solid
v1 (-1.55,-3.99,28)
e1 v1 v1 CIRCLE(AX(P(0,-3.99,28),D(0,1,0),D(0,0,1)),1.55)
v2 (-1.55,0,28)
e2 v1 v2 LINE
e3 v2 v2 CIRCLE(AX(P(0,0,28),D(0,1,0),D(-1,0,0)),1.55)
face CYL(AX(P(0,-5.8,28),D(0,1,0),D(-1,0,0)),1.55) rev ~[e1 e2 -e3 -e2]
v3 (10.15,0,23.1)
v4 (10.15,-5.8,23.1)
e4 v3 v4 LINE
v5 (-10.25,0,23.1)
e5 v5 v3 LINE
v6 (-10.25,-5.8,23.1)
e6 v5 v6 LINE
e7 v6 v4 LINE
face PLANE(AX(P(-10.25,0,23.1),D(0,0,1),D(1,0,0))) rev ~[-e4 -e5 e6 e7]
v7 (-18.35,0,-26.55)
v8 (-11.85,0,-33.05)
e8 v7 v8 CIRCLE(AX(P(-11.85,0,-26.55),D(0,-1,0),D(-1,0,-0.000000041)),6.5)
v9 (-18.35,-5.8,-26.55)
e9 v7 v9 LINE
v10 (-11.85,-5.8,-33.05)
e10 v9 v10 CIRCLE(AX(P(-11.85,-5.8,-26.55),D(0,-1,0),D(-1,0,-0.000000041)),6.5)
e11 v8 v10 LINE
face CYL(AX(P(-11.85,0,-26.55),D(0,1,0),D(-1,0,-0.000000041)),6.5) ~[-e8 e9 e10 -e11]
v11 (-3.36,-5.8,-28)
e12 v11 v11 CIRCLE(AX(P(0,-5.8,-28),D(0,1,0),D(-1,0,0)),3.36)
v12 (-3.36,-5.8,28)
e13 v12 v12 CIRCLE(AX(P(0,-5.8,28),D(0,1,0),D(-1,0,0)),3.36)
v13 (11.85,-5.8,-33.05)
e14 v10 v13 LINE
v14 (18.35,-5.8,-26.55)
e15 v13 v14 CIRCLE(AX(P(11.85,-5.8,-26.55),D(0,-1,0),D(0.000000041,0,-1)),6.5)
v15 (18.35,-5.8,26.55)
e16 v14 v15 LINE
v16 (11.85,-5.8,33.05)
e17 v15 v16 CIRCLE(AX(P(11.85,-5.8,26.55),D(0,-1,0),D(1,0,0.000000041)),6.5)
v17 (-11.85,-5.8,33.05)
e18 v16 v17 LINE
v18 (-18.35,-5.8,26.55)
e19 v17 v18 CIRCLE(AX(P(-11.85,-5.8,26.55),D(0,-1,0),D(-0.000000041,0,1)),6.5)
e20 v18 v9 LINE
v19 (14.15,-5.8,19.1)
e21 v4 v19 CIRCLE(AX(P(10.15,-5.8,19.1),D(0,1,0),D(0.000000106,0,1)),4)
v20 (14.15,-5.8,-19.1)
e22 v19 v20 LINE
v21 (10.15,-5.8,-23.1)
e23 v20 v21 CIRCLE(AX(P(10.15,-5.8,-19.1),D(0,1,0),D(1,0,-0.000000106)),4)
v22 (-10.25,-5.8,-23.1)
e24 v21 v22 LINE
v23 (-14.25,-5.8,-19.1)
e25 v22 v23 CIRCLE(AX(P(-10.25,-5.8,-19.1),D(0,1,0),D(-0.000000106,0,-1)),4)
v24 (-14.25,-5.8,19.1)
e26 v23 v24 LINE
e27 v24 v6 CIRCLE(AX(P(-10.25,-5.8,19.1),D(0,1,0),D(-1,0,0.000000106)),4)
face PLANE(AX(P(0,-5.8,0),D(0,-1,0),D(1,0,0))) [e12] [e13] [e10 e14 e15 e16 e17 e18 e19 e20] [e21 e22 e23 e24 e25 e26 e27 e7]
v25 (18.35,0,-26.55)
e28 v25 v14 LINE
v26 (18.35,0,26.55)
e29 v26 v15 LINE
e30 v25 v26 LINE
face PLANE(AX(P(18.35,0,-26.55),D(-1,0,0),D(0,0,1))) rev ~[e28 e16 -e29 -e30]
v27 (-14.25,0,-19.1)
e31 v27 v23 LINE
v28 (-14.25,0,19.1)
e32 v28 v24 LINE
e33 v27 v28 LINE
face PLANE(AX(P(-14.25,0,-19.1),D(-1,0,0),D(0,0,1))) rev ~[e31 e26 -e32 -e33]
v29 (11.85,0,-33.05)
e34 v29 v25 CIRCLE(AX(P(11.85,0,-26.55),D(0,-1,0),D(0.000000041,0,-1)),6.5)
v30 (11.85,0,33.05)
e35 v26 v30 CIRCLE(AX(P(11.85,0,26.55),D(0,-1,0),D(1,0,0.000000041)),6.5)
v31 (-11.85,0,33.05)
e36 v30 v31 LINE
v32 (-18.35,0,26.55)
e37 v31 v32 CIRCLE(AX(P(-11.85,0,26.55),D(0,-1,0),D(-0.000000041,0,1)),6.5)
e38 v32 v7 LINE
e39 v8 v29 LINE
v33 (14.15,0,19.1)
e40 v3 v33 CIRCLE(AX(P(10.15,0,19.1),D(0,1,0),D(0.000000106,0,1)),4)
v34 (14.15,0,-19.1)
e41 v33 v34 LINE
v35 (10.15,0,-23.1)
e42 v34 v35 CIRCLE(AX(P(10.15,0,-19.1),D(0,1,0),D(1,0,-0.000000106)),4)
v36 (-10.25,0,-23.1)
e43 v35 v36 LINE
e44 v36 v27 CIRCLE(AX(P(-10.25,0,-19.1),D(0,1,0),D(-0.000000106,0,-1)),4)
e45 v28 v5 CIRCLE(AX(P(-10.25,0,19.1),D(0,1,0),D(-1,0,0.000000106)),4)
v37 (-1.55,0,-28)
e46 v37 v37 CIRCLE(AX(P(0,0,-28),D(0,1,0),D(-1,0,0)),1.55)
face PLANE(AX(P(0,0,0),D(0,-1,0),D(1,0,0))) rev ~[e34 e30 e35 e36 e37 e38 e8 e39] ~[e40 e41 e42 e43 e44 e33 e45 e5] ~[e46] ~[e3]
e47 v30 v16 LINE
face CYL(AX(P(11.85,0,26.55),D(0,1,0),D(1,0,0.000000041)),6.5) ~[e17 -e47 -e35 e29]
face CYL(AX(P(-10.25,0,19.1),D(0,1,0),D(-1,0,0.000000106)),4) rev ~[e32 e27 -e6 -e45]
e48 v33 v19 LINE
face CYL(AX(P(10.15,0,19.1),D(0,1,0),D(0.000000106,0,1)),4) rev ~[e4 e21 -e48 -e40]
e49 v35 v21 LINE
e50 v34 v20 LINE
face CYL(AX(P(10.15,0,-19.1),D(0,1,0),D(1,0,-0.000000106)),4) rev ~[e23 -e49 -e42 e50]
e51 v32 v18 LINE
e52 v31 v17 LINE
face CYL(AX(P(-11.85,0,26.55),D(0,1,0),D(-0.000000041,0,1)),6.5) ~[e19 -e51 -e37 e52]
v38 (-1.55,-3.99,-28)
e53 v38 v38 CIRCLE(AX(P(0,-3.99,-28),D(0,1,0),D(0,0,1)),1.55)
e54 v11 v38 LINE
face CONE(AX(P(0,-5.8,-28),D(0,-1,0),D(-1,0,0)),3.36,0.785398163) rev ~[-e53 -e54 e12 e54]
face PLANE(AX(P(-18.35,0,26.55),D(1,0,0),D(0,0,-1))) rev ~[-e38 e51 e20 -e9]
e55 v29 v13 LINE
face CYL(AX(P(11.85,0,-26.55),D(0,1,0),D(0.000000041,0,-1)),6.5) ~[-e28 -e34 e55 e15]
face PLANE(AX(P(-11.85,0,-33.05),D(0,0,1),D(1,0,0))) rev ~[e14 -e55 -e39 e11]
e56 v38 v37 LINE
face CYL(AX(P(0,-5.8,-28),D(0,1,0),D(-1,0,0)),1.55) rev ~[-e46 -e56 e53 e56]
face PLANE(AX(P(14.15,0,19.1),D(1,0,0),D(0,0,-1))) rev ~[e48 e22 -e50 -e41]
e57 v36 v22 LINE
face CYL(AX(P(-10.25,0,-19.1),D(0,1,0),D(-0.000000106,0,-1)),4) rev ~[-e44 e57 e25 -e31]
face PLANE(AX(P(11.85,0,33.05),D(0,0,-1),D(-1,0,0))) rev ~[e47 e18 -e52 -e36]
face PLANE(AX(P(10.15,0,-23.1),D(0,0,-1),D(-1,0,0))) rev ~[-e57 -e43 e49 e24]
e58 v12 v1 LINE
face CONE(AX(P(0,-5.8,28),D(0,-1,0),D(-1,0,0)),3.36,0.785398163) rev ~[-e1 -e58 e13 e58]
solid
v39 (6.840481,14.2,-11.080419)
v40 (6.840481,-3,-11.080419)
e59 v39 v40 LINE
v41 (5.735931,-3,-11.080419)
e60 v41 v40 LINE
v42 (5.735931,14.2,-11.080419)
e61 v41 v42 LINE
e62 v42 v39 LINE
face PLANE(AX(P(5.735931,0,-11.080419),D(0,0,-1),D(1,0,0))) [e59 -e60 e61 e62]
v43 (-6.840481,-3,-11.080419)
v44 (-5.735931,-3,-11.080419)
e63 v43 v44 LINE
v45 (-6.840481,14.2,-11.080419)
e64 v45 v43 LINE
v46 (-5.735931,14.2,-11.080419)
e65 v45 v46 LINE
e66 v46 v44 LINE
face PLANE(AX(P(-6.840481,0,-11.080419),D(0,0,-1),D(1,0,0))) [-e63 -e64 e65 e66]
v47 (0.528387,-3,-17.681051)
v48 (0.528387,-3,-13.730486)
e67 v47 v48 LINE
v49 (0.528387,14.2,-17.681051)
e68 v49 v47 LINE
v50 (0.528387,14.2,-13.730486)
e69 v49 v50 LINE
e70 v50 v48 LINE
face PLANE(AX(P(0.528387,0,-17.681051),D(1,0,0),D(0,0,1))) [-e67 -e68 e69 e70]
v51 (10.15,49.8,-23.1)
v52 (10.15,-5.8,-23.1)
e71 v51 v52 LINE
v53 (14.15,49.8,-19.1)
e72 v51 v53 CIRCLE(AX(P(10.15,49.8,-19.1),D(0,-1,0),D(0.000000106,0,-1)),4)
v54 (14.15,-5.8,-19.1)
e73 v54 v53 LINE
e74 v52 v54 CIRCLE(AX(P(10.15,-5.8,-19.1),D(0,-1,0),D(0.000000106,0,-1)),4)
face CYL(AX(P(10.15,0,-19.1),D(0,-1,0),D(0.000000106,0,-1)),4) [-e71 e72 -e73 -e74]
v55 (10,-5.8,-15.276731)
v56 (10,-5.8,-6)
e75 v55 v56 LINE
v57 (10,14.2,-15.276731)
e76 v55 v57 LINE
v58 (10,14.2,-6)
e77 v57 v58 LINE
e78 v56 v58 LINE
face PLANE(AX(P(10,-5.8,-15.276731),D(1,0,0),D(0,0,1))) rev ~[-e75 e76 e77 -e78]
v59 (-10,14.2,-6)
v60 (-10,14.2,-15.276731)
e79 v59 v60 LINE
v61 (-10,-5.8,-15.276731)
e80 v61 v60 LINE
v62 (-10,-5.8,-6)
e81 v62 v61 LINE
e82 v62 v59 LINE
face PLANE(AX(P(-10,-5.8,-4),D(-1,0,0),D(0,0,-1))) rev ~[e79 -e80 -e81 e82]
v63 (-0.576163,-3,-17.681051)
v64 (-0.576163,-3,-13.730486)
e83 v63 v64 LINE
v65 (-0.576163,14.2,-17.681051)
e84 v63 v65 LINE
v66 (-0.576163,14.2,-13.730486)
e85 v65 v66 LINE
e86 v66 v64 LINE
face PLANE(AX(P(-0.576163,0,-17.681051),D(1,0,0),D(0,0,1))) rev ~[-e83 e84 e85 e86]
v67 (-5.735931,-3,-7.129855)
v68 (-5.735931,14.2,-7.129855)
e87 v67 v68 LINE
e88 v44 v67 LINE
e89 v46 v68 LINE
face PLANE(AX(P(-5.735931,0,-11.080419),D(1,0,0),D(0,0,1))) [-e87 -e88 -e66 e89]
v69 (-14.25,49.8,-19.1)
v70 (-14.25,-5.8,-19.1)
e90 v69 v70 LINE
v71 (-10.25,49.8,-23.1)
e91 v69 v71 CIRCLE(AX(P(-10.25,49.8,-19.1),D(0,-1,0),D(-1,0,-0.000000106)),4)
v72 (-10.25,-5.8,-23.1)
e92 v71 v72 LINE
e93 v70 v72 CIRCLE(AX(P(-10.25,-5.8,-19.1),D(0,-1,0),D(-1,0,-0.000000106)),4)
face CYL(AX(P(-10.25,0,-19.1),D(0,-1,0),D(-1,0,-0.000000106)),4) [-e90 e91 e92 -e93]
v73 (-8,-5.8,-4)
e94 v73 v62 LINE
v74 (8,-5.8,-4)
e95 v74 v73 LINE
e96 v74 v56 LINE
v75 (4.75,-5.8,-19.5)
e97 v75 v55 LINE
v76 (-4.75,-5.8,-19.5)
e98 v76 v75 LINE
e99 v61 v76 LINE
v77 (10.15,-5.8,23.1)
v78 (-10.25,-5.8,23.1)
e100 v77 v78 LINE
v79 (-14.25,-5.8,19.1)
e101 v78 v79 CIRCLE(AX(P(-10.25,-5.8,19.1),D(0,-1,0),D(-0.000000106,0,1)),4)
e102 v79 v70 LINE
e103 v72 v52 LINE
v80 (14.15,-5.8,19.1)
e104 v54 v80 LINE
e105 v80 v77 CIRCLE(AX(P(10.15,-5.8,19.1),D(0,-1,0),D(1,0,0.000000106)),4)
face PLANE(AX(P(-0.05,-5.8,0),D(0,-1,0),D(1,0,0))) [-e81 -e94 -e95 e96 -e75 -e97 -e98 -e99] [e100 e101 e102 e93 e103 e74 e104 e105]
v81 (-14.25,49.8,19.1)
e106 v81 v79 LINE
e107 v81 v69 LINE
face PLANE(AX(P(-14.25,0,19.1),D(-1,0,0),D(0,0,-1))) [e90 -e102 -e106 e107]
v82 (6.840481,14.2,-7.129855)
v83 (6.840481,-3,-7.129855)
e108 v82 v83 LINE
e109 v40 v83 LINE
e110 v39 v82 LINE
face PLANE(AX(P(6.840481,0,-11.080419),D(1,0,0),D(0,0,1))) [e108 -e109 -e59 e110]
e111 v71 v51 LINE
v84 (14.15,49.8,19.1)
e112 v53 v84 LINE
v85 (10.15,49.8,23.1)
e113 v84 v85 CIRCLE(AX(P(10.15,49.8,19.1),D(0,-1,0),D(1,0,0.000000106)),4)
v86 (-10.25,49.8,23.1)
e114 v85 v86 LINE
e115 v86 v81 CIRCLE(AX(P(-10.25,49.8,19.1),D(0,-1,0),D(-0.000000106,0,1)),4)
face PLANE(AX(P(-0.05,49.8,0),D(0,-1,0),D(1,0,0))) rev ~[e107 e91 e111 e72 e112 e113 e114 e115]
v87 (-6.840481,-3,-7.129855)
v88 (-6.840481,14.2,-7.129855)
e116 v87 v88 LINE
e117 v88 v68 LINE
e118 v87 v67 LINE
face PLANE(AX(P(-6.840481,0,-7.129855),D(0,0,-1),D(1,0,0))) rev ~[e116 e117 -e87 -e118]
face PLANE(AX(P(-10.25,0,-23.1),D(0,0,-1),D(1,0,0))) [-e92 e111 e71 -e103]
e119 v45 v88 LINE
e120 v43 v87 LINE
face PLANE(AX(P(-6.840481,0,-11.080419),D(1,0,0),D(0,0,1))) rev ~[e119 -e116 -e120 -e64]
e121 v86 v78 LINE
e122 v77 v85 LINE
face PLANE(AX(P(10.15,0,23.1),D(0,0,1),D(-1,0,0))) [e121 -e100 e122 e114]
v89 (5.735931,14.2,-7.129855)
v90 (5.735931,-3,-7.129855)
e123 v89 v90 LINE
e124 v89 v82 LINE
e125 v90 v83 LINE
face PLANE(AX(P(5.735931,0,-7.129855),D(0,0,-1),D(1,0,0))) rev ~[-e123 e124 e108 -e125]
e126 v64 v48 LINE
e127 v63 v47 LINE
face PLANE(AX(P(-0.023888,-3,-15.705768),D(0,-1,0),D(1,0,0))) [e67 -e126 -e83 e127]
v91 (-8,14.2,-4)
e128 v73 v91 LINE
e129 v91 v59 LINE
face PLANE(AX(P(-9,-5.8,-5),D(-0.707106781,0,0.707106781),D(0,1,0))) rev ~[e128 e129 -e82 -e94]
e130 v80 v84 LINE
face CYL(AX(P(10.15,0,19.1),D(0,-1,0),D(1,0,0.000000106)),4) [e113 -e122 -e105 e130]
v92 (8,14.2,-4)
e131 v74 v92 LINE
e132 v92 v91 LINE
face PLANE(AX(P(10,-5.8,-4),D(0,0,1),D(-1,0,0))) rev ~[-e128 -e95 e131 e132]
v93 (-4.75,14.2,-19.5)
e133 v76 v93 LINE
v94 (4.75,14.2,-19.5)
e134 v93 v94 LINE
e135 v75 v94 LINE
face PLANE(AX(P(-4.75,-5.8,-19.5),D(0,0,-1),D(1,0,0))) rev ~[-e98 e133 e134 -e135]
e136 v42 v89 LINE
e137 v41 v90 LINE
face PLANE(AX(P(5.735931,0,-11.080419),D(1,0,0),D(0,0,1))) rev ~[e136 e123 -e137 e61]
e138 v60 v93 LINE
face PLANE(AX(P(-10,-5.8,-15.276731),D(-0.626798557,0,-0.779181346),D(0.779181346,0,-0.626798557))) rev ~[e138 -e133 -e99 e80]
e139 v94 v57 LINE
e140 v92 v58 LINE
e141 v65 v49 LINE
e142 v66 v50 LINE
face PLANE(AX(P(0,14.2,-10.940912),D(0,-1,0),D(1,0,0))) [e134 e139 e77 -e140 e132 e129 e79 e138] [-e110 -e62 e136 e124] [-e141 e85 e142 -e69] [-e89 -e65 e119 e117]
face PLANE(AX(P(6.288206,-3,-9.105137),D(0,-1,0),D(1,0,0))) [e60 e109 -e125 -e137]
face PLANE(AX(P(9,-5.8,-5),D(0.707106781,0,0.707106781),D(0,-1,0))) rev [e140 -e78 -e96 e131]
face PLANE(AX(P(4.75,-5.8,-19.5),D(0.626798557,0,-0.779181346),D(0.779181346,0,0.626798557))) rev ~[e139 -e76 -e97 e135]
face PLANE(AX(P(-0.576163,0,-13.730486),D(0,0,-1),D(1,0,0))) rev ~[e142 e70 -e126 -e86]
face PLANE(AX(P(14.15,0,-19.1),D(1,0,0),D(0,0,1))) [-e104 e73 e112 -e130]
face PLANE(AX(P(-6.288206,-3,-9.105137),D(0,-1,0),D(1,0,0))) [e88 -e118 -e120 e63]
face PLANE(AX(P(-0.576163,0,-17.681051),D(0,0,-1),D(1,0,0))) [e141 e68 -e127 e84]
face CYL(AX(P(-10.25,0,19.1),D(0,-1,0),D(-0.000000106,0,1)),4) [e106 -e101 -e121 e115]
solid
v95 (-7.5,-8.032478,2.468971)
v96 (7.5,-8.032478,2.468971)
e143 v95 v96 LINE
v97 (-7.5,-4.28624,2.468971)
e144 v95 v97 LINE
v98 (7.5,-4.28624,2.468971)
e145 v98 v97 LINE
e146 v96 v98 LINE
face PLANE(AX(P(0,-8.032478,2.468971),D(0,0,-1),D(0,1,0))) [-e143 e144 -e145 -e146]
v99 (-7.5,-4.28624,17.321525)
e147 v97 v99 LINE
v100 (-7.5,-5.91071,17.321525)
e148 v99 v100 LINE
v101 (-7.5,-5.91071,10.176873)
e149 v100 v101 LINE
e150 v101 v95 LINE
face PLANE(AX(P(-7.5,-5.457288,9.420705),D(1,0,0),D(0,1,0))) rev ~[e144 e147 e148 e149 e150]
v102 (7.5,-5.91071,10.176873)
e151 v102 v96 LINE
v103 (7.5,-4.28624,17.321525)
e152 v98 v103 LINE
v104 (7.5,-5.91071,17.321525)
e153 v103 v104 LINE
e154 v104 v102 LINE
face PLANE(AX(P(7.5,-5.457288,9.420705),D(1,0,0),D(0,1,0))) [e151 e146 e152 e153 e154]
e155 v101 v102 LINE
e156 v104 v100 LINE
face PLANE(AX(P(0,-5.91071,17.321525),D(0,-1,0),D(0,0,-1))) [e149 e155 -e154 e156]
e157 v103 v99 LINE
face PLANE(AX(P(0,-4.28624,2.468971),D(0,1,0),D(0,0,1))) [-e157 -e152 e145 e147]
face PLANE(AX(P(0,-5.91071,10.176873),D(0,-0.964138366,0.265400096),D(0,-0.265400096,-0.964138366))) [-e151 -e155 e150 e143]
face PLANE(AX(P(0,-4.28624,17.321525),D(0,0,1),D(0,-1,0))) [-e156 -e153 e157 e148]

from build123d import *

# Parameters (mm, degrees)
F1_DEPTH       = 5.8
F2_DEPTH       = 5.8
F2_DEPTH_BACK  = 49.8
F4_D           = 3.1
F4_CSINK_D     = 6.72
F4_CSINK_ANGLE = 90
F6_DEPTH       = 20
F7_SIZE        = 2
F8_W           = 1.10455
F8_H           = 3.950565
F9_DEPTH       = 3
F9_DEPTH_BACK  = 15
F11_DEPTH      = 7.5


with BuildPart() as f1:
    # F0 (on Front) → F1 (new body)
    with BuildSketch(Plane.XZ):
        with BuildLine():
            Line((-11.85, -33.05), (11.85, -33.05))
            ThreePointArc((11.85, -33.05), (16.446194, -31.146194), (18.35, -26.55))
            Line((18.35, -26.55), (18.35, 26.55))
            ThreePointArc((18.35, 26.55), (16.446194, 31.146194), (11.85, 33.05))
            Line((11.85, 33.05), (-11.85, 33.05))
            ThreePointArc((-11.85, 33.05), (-16.446194, 31.146194), (-18.35, 26.55))
            Line((-18.35, 26.55), (-18.35, -26.55))
            ThreePointArc((-18.35, -26.55), (-16.446194, -31.146194), (-11.85, -33.05))
        make_face()
        with BuildLine():
            ThreePointArc((-14.25, 19.1), (-13.078427, 21.928427), (-10.25, 23.1))
            Line((-10.25, 23.1), (10.15, 23.1))
            ThreePointArc((10.15, 23.1), (12.978427, 21.928427), (14.15, 19.1))
            Line((14.15, 19.1), (14.15, -19.1))
            ThreePointArc((14.15, -19.1), (12.978427, -21.928427), (10.15, -23.1))
            Line((10.15, -23.1), (-10.25, -23.1))
            ThreePointArc((-10.25, -23.1), (-13.078427, -21.928427), (-14.25, -19.1))
            Line((-14.25, -19.1), (-14.25, 19.1))
        make_face(mode=Mode.SUBTRACT)
    extrude(amount=F1_DEPTH)

    # F4 (through all)
    with Locations(Plane.XZ.offset(5.8)):
        with Locations((0, 28), (0, -28)):
            CounterSinkHole(F4_D / 2, F4_CSINK_D / 2, counter_sink_angle=F4_CSINK_ANGLE)


with BuildPart() as f2:
    # F0 (on Front) → F2 (new body, two sides)
    with BuildSketch(Plane.XZ) as f2_sk:
        with BuildLine():
            Line((10.15, 23.1), (-10.25, 23.1))
            ThreePointArc((-10.25, 23.1), (-13.078427, 21.928427), (-14.25, 19.1))
            Line((-14.25, 19.1), (-14.25, -19.1))
            ThreePointArc((-14.25, -19.1), (-13.078427, -21.928427), (-10.25, -23.1))
            Line((-10.25, -23.1), (10.15, -23.1))
            ThreePointArc((10.15, -23.1), (12.978427, -21.928427), (14.15, -19.1))
            Line((14.15, -19.1), (14.15, 19.1))
            ThreePointArc((14.15, 19.1), (12.978427, 21.928427), (10.15, 23.1))
        make_face()
    extrude(amount=F2_DEPTH)
    extrude(f2_sk.sketch, amount=-F2_DEPTH_BACK)

    # F5 (on face) → F6 (cut)
    with BuildSketch(Plane.XZ.offset(5.8)):
        Polygon((10, -4), (-10, -4), (-10, -15.276731), (-4.75, -19.5), (4.75, -19.5), (10, -15.276731), align=None)
    extrude(amount=-F6_DEPTH, mode=Mode.SUBTRACT)

    # F7
    f7_edges = [f2.edges().sort_by_distance(p)[0] for p in [
        (10, 4.2, -4),
        (-10, 4.2, -4),
    ]]
    chamfer(f7_edges, length=F7_SIZE)

    # F8 (on face) → F9 (join, two sides)
    with BuildSketch(Plane.XZ) as f9_sk:
        with Locations((-6.288206, -9.105137)):
            Rectangle(F8_W, F8_H)
        with Locations((6.288206, -9.105137)):
            Rectangle(F8_W, F8_H)
        with Locations((-0.023888, -15.705768)):
            Rectangle(F8_W, F8_H)
    extrude(amount=F9_DEPTH)
    extrude(f9_sk.sketch, amount=-F9_DEPTH_BACK)


with BuildPart() as f11:
    # F10 (on Right) → F11 (new body, symmetric)
    with BuildSketch(Plane.YZ):
        Polygon((-5.91071, 17.321525), (-5.91071, 10.176873), (-8.032478, 2.468971), (-4.28624, 2.468971), (-4.28624, 17.321525), (-5.8, 17.321525), align=None)
    extrude(amount=F11_DEPTH, both=True)


solid = Compound([f1.part, f2.part, f11.part])
